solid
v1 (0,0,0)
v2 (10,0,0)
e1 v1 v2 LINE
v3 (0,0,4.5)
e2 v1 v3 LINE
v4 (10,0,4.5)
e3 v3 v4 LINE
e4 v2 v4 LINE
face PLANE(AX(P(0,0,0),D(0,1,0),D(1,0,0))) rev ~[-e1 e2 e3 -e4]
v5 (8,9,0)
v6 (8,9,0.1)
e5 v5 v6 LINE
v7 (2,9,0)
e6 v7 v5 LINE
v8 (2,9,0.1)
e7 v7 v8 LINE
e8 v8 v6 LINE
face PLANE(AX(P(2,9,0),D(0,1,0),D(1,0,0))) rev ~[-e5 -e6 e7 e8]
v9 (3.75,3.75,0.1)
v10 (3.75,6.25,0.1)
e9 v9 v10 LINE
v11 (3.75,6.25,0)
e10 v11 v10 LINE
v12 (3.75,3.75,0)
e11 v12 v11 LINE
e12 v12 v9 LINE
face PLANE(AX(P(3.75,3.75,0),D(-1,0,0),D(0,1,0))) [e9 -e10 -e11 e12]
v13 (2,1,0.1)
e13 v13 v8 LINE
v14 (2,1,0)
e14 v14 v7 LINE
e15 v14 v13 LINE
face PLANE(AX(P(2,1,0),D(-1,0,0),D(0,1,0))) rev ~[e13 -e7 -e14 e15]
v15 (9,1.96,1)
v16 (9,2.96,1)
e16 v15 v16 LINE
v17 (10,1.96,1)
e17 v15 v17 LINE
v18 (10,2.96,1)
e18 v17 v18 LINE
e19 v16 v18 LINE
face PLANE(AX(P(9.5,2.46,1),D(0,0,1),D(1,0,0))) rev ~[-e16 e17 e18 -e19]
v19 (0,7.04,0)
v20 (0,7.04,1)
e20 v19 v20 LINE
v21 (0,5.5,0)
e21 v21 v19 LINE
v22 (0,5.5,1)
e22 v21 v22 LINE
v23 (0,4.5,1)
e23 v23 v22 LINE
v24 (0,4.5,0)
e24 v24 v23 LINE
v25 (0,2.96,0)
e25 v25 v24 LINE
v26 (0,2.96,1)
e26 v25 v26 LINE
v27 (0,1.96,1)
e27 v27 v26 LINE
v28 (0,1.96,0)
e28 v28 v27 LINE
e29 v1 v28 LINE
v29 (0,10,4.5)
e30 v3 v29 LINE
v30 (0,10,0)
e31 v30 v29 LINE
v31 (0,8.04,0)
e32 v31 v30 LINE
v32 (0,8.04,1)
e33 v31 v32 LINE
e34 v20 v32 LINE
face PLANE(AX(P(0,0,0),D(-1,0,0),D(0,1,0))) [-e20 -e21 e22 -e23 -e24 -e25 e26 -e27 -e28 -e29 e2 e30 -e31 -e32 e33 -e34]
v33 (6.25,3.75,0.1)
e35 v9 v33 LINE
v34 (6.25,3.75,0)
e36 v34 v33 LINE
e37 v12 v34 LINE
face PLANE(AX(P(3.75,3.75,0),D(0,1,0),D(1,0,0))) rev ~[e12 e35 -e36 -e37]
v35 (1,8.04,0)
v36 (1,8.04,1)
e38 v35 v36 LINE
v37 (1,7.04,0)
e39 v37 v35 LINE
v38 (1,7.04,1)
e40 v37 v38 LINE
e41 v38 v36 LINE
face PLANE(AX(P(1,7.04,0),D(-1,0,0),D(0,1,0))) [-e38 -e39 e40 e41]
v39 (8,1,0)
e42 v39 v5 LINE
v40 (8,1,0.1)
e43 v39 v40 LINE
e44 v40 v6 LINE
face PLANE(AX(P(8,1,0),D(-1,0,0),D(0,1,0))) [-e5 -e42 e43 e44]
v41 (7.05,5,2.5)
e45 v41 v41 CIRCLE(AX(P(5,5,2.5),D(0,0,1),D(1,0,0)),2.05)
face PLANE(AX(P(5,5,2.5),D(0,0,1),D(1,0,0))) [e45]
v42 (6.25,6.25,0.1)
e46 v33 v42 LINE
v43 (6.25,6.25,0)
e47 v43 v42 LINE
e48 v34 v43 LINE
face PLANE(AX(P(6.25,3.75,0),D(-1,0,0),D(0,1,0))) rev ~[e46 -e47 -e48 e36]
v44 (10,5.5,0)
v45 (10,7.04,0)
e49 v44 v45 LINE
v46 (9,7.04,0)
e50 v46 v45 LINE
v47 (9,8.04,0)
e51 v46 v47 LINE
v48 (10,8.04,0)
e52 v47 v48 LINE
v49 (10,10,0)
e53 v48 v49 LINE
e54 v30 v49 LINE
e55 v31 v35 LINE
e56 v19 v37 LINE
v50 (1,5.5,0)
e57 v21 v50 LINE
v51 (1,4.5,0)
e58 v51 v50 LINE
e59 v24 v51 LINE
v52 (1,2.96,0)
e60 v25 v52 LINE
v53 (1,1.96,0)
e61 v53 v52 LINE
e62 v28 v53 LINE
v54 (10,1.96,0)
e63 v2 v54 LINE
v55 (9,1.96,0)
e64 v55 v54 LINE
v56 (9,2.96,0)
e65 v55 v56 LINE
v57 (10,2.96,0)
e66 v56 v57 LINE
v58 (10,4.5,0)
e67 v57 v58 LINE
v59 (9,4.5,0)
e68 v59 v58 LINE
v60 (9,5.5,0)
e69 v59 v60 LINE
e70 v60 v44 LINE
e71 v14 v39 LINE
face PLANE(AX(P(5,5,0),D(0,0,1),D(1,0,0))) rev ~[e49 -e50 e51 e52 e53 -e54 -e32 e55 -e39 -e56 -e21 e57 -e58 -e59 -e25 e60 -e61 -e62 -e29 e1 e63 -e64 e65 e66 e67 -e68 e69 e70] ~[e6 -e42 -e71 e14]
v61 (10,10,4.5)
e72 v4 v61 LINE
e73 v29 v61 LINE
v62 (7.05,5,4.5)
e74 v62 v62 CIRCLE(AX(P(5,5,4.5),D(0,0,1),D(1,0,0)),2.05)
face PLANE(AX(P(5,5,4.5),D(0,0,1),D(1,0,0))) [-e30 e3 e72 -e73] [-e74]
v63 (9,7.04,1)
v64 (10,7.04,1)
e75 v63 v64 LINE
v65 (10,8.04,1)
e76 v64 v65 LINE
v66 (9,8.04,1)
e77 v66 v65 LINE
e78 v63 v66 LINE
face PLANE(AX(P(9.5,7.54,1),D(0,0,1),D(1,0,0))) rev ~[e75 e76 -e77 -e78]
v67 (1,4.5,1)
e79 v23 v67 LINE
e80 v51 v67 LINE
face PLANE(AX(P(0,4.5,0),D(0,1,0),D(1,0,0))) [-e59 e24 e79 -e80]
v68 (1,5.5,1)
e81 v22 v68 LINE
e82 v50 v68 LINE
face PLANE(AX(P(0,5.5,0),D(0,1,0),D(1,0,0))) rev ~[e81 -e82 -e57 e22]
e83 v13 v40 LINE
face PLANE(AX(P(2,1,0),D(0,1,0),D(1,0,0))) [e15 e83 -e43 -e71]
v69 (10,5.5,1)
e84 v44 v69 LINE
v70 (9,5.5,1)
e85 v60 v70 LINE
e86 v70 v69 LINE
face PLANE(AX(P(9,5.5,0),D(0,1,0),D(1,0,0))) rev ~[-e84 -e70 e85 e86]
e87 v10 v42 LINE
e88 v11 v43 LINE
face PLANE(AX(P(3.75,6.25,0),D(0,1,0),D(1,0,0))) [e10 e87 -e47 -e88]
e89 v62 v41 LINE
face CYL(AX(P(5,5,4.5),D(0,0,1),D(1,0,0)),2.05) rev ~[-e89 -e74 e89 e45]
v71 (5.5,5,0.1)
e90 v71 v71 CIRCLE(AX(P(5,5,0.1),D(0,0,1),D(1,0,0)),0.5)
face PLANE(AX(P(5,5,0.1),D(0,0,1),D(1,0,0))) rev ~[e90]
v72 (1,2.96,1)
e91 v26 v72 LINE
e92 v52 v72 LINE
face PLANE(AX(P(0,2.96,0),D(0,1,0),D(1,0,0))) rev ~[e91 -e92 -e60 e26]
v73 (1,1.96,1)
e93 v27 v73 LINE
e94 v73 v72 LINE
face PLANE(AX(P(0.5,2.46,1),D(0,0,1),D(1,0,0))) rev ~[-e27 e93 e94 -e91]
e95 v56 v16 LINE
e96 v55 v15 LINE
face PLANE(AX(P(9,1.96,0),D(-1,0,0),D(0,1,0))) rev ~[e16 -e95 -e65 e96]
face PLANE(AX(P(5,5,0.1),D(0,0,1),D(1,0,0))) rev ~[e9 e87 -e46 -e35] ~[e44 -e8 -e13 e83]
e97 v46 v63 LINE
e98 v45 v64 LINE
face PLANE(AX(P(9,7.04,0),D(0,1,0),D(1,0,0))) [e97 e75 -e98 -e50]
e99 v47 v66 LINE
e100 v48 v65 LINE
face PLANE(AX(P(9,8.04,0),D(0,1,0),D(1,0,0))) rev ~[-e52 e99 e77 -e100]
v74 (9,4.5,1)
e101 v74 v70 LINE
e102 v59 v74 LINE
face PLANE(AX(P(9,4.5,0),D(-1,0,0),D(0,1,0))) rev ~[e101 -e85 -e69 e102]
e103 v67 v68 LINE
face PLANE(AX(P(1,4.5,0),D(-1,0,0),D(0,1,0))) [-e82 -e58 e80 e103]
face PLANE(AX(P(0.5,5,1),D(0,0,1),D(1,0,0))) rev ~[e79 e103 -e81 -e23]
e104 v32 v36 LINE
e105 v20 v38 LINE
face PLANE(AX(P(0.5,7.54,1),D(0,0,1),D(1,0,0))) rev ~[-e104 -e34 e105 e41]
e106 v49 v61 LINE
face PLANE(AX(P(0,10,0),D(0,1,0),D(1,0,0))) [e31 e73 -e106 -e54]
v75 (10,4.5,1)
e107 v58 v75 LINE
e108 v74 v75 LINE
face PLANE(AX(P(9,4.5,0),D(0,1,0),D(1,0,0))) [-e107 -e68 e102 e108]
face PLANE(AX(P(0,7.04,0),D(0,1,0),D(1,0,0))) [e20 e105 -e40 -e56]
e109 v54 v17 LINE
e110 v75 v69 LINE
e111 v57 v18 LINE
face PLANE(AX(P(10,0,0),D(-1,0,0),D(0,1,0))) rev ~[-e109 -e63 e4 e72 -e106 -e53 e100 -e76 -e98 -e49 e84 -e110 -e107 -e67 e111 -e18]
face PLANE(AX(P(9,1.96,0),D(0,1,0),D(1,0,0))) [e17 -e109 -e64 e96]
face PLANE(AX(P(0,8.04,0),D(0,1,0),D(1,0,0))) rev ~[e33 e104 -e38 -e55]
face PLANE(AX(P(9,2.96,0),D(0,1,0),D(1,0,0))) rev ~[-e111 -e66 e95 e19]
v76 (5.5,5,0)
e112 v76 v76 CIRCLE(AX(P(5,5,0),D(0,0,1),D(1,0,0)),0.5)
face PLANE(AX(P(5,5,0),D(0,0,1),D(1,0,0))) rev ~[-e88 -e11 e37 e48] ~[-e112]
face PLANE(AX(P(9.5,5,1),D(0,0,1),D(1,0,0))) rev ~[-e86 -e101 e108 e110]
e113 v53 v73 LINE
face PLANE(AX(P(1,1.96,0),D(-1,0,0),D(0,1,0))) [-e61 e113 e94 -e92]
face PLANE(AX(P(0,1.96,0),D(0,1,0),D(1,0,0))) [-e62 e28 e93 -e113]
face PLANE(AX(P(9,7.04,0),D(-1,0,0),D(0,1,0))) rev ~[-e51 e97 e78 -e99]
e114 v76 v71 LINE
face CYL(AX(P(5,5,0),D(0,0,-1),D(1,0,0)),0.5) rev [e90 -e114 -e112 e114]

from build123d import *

# Parameters (mm, degrees)
SKETCH_W        = 10
SKETCH_H        = 10
PAD_DEPTH       = 4.5
SKETCH001_R     = 2.05
POCKET_DEPTH    = 2
SKETCH006_W     = 6
SKETCH006_H     = 8
SKETCH006_W_2   = 2.5
SKETCH006_H_2   = 2.5
POCKET003_DEPTH = 0.1
SKETCH007_R     = 0.5
POCKET004_DEPTH = 0.1
SKETCH008_W     = 1
SKETCH008_H     = 1
POCKET005_DEPTH = 1


with BuildPart() as part:
    # Sketch → Pad (new body)
    with BuildSketch(Plane.XY):
        with Locations((5, 5)):
            Rectangle(SKETCH_W, SKETCH_H)
    extrude(amount=PAD_DEPTH)

    # Sketch001 (on Face6 of Pad) → Pocket (cut)
    with BuildSketch(Plane.XY.offset(4.5)):
        with Locations((5, 5)):
            Circle(SKETCH001_R)
    extrude(amount=-POCKET_DEPTH, mode=Mode.SUBTRACT)

    # Sketch006 → Pocket003 (cut)
    with BuildSketch(Plane.XY):
        with Locations((5, 5)):
            Rectangle(SKETCH006_W, SKETCH006_H)
        with Locations((5, 5)):
            Rectangle(SKETCH006_W_2, SKETCH006_H_2, mode=Mode.SUBTRACT)
    extrude(amount=POCKET003_DEPTH, mode=Mode.SUBTRACT)

    # Sketch007 → Pocket004 (cut)
    with BuildSketch(Plane.XY):
        with Locations((5, 5)):
            Circle(SKETCH007_R)
    extrude(amount=POCKET004_DEPTH, mode=Mode.SUBTRACT)

    # Sketch008 → Pocket005 (cut)
    with BuildSketch(Plane.XY):
        with Locations((0.5, 7.54)):
            Rectangle(SKETCH008_W, SKETCH008_H)
        with Locations((0.5, 5)):
            Rectangle(SKETCH008_W, SKETCH008_H)
        with Locations((0.5, 2.46)):
            Rectangle(SKETCH008_W, SKETCH008_H)
        with Locations((9.5, 7.54)):
            Rectangle(SKETCH008_W, SKETCH008_H)
        with Locations((9.5, 5)):
            Rectangle(SKETCH008_W, SKETCH008_H)
        with Locations((9.5, 2.46)):
            Rectangle(SKETCH008_W, SKETCH008_H)
    extrude(amount=POCKET005_DEPTH, mode=Mode.SUBTRACT)


solid = part.part
